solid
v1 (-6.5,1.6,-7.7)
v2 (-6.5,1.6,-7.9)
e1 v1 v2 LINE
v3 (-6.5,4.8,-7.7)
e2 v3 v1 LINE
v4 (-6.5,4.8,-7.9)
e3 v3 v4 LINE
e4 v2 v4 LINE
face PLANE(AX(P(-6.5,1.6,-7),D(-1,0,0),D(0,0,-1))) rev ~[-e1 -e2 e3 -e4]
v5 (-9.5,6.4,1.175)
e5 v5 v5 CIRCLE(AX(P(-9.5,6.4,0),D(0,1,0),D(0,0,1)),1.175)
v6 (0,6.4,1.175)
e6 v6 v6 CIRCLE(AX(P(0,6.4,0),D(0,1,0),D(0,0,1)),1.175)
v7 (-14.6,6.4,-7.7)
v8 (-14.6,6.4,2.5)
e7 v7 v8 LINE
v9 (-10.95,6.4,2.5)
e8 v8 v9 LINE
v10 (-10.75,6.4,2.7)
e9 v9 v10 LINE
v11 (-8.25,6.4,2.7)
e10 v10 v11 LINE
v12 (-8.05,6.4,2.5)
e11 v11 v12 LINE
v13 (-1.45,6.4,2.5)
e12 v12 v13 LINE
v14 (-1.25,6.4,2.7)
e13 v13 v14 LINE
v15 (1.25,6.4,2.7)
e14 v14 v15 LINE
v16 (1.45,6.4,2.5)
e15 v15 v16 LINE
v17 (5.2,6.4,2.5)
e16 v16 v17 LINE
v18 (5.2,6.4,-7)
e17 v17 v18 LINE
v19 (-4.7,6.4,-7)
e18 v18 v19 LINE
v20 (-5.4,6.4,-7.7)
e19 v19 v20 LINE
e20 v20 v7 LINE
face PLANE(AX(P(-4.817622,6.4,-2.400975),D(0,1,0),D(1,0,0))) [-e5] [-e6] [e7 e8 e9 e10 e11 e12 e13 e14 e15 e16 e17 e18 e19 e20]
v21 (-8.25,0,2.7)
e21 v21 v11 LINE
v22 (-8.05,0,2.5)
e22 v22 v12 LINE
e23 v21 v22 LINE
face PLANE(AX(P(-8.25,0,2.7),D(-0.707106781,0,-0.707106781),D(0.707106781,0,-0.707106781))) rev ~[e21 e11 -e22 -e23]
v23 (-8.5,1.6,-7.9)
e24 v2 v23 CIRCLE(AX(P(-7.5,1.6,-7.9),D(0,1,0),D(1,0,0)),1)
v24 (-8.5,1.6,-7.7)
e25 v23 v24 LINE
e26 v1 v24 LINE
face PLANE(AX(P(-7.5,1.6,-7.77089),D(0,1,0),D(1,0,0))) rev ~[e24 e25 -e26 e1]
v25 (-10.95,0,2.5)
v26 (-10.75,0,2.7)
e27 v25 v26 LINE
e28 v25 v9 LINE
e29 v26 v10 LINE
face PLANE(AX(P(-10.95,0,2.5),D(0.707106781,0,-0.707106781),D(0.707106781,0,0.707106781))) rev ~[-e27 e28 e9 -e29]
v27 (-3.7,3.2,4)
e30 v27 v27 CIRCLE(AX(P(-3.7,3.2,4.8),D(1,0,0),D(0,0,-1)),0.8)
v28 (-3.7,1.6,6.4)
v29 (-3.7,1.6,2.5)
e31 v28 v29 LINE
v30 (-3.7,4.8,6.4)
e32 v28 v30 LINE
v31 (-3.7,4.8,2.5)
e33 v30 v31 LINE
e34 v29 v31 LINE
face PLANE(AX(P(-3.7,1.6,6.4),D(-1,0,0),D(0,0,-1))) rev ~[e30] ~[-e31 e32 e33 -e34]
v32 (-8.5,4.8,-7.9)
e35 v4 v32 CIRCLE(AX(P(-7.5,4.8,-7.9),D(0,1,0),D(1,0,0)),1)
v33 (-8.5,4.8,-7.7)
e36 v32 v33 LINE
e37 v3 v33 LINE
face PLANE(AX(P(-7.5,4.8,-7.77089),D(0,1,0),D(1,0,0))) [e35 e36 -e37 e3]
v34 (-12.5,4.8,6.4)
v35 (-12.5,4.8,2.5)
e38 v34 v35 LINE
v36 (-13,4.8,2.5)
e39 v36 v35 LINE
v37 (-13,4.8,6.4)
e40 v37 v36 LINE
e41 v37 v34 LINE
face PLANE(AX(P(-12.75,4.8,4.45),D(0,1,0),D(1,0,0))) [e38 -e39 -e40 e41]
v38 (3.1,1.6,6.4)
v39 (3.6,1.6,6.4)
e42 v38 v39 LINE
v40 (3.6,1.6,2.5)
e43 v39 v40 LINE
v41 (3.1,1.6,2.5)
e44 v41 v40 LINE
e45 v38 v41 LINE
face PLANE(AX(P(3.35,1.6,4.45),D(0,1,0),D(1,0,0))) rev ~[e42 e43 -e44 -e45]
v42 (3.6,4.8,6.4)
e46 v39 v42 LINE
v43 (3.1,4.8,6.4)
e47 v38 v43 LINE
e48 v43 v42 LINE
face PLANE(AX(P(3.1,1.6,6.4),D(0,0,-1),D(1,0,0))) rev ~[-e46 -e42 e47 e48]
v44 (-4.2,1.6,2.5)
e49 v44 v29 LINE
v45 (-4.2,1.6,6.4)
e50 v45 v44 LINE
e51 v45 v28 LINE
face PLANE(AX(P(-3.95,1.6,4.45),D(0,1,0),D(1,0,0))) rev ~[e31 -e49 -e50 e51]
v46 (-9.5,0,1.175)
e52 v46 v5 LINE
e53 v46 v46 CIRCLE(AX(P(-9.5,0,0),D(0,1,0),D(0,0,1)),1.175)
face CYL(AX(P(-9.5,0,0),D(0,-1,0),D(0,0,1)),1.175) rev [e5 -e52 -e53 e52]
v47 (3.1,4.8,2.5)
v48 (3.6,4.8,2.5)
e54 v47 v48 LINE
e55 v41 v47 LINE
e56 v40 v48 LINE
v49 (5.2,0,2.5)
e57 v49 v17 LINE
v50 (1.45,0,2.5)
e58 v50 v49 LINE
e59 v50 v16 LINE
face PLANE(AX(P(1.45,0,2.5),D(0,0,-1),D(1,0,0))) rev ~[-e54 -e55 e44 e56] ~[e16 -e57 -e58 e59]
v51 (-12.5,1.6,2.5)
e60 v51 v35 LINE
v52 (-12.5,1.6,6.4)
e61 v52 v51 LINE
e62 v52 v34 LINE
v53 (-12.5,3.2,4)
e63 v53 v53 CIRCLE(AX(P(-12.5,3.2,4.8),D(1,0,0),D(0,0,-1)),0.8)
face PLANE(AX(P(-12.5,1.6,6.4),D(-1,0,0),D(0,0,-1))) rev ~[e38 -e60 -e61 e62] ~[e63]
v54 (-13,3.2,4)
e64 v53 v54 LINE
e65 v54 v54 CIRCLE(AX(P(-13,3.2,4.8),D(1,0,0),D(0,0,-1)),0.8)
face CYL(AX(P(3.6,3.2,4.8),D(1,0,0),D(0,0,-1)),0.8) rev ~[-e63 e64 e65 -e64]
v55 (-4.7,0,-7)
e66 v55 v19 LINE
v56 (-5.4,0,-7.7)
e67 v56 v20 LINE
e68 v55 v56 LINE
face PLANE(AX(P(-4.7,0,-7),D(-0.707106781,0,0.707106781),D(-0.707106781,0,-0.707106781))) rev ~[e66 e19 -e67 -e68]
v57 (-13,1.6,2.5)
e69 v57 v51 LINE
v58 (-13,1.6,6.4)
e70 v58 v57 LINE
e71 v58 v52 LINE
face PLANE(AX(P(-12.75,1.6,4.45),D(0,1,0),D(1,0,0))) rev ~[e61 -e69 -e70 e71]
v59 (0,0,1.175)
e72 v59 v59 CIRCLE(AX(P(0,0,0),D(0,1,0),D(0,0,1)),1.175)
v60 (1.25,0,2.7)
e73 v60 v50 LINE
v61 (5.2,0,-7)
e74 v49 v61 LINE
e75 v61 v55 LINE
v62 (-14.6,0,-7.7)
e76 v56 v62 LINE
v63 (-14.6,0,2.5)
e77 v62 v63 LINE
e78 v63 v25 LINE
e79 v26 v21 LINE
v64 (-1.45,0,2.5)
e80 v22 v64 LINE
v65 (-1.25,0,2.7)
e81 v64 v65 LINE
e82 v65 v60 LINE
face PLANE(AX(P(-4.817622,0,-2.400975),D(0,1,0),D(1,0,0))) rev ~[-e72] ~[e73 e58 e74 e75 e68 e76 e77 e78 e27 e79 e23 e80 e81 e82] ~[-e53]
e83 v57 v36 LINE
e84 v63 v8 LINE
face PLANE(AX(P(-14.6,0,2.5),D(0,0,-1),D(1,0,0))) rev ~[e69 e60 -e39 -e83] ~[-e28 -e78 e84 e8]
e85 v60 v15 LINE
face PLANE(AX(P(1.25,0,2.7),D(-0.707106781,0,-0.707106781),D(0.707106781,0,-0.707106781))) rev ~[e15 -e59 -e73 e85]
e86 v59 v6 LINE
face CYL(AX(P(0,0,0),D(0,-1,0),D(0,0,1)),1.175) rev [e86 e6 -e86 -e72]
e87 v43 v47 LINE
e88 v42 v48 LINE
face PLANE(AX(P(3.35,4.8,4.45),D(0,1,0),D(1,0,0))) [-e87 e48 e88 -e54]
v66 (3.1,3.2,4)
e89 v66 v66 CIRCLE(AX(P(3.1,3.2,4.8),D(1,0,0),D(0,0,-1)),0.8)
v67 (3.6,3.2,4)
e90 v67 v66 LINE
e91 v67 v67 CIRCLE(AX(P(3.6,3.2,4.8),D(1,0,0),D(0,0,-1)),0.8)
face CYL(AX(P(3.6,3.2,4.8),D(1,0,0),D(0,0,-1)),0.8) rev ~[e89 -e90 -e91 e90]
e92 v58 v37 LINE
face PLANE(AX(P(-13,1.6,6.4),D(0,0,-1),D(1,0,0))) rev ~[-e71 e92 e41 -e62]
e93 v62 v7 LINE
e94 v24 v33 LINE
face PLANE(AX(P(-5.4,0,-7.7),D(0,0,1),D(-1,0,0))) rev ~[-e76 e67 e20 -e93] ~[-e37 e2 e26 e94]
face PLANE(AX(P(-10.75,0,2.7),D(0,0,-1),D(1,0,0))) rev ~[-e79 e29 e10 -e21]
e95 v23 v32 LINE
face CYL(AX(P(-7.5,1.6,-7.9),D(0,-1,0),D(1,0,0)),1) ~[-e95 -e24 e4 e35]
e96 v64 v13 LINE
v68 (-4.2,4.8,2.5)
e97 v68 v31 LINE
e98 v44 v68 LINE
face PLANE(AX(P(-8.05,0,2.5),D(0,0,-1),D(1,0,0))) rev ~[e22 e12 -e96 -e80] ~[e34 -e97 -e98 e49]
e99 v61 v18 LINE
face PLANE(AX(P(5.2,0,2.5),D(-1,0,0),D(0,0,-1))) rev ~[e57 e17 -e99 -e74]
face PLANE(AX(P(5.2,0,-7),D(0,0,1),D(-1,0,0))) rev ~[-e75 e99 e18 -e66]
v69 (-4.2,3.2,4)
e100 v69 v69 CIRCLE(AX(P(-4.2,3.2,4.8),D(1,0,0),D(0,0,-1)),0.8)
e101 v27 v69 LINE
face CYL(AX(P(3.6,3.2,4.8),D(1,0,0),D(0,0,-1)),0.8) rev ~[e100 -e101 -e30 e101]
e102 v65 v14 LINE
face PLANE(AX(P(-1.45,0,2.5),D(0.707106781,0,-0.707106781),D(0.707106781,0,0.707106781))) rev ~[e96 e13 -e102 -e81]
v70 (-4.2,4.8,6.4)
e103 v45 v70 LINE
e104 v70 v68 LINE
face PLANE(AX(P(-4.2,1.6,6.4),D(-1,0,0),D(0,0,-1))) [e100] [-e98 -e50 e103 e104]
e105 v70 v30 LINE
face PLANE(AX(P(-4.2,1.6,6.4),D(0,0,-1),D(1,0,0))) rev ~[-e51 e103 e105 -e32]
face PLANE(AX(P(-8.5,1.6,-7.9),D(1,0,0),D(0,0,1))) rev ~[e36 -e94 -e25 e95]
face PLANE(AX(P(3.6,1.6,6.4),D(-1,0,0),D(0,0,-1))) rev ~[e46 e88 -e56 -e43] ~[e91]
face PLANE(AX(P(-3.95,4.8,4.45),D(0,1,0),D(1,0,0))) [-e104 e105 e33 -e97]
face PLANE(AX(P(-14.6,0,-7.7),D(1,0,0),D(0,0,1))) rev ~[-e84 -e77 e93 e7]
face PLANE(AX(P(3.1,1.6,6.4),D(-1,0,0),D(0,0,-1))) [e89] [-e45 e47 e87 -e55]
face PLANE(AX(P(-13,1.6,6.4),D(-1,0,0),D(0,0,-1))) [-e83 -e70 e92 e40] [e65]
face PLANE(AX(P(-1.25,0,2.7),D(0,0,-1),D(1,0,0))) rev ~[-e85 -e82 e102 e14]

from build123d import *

# Parameters (mm, degrees)
SKETCH1_R           = 1.175
BOSS_EXTRUDE1_DEPTH = 6.4
BOSS_EXTRUDE2_DEPTH = 3.2
SKETCH4_W           = 0.5
SKETCH4_H           = 3.9
BOSS_EXTRUDE3_DEPTH = 3.2
SKETCH5_R           = 0.8
CUT_EXTRUDE1_DEPTH  = 22.246411462


with BuildPart() as part:
    # Sketch1 → Boss-Extrude1 (new body)
    with BuildSketch(Plane(origin=(0, 0, 0), x_dir=(1, 0, 0), z_dir=(0, 1, 0))):
        Polygon((-10.95, -2.5), (-10.75, -2.7), (-8.25, -2.7), (-8.05, -2.5), (-1.45, -2.5), (-1.25, -2.7), (1.25, -2.7), (1.45, -2.5), (5.2, -2.5), (5.2, 7), (-4.7, 7), (-5.4, 7.7), (-14.6, 7.7), (-14.6, -2.5), align=None)
        with Locations(Location((0, 0, 0), (0, 0, 270))):
            Circle(SKETCH1_R, mode=Mode.SUBTRACT)
        with Locations(Location((-9.5, 0, 0), (0, 0, 270))):
            Circle(SKETCH1_R, mode=Mode.SUBTRACT)
    extrude(amount=BOSS_EXTRUDE1_DEPTH)

    # Sketch3 → Boss-Extrude2 (add)
    with BuildSketch(Plane(origin=(0, 1.6, 0), x_dir=(1, 0, 0), z_dir=(0, 1, 0))):
        with BuildLine():
            Line((-8.5, 7), (-6.5, 7))
            Line((-6.5, 7), (-6.5, 7.9))
            ThreePointArc((-6.5, 7.9), (-7.5, 8.9), (-8.5, 7.9))
            Line((-8.5, 7.9), (-8.5, 7))
        make_face()
    extrude(amount=BOSS_EXTRUDE2_DEPTH)

    # Sketch4 → Boss-Extrude3 (add)
    with BuildSketch(Plane(origin=(0, 1.6, 0), x_dir=(1, 0, 0), z_dir=(0, 1, 0))):
        with Locations((-12.75, -4.45)):
            Rectangle(SKETCH4_W, SKETCH4_H)
        with Locations((-3.95, -4.45)):
            Rectangle(SKETCH4_W, SKETCH4_H)
        with Locations((3.35, -4.45)):
            Rectangle(SKETCH4_W, SKETCH4_H)
    extrude(amount=BOSS_EXTRUDE3_DEPTH)

    # Sketch5 → Cut-Extrude1 (cut, through all)
    with BuildSketch(Plane(origin=(3.6, 0, 0), x_dir=(0, 0, -1), z_dir=(1, 0, 0))):
        with Locations((-4.8, 3.2)):
            Circle(SKETCH5_R)
    extrude(amount=-CUT_EXTRUDE1_DEPTH, mode=Mode.SUBTRACT)


solid = part.part
